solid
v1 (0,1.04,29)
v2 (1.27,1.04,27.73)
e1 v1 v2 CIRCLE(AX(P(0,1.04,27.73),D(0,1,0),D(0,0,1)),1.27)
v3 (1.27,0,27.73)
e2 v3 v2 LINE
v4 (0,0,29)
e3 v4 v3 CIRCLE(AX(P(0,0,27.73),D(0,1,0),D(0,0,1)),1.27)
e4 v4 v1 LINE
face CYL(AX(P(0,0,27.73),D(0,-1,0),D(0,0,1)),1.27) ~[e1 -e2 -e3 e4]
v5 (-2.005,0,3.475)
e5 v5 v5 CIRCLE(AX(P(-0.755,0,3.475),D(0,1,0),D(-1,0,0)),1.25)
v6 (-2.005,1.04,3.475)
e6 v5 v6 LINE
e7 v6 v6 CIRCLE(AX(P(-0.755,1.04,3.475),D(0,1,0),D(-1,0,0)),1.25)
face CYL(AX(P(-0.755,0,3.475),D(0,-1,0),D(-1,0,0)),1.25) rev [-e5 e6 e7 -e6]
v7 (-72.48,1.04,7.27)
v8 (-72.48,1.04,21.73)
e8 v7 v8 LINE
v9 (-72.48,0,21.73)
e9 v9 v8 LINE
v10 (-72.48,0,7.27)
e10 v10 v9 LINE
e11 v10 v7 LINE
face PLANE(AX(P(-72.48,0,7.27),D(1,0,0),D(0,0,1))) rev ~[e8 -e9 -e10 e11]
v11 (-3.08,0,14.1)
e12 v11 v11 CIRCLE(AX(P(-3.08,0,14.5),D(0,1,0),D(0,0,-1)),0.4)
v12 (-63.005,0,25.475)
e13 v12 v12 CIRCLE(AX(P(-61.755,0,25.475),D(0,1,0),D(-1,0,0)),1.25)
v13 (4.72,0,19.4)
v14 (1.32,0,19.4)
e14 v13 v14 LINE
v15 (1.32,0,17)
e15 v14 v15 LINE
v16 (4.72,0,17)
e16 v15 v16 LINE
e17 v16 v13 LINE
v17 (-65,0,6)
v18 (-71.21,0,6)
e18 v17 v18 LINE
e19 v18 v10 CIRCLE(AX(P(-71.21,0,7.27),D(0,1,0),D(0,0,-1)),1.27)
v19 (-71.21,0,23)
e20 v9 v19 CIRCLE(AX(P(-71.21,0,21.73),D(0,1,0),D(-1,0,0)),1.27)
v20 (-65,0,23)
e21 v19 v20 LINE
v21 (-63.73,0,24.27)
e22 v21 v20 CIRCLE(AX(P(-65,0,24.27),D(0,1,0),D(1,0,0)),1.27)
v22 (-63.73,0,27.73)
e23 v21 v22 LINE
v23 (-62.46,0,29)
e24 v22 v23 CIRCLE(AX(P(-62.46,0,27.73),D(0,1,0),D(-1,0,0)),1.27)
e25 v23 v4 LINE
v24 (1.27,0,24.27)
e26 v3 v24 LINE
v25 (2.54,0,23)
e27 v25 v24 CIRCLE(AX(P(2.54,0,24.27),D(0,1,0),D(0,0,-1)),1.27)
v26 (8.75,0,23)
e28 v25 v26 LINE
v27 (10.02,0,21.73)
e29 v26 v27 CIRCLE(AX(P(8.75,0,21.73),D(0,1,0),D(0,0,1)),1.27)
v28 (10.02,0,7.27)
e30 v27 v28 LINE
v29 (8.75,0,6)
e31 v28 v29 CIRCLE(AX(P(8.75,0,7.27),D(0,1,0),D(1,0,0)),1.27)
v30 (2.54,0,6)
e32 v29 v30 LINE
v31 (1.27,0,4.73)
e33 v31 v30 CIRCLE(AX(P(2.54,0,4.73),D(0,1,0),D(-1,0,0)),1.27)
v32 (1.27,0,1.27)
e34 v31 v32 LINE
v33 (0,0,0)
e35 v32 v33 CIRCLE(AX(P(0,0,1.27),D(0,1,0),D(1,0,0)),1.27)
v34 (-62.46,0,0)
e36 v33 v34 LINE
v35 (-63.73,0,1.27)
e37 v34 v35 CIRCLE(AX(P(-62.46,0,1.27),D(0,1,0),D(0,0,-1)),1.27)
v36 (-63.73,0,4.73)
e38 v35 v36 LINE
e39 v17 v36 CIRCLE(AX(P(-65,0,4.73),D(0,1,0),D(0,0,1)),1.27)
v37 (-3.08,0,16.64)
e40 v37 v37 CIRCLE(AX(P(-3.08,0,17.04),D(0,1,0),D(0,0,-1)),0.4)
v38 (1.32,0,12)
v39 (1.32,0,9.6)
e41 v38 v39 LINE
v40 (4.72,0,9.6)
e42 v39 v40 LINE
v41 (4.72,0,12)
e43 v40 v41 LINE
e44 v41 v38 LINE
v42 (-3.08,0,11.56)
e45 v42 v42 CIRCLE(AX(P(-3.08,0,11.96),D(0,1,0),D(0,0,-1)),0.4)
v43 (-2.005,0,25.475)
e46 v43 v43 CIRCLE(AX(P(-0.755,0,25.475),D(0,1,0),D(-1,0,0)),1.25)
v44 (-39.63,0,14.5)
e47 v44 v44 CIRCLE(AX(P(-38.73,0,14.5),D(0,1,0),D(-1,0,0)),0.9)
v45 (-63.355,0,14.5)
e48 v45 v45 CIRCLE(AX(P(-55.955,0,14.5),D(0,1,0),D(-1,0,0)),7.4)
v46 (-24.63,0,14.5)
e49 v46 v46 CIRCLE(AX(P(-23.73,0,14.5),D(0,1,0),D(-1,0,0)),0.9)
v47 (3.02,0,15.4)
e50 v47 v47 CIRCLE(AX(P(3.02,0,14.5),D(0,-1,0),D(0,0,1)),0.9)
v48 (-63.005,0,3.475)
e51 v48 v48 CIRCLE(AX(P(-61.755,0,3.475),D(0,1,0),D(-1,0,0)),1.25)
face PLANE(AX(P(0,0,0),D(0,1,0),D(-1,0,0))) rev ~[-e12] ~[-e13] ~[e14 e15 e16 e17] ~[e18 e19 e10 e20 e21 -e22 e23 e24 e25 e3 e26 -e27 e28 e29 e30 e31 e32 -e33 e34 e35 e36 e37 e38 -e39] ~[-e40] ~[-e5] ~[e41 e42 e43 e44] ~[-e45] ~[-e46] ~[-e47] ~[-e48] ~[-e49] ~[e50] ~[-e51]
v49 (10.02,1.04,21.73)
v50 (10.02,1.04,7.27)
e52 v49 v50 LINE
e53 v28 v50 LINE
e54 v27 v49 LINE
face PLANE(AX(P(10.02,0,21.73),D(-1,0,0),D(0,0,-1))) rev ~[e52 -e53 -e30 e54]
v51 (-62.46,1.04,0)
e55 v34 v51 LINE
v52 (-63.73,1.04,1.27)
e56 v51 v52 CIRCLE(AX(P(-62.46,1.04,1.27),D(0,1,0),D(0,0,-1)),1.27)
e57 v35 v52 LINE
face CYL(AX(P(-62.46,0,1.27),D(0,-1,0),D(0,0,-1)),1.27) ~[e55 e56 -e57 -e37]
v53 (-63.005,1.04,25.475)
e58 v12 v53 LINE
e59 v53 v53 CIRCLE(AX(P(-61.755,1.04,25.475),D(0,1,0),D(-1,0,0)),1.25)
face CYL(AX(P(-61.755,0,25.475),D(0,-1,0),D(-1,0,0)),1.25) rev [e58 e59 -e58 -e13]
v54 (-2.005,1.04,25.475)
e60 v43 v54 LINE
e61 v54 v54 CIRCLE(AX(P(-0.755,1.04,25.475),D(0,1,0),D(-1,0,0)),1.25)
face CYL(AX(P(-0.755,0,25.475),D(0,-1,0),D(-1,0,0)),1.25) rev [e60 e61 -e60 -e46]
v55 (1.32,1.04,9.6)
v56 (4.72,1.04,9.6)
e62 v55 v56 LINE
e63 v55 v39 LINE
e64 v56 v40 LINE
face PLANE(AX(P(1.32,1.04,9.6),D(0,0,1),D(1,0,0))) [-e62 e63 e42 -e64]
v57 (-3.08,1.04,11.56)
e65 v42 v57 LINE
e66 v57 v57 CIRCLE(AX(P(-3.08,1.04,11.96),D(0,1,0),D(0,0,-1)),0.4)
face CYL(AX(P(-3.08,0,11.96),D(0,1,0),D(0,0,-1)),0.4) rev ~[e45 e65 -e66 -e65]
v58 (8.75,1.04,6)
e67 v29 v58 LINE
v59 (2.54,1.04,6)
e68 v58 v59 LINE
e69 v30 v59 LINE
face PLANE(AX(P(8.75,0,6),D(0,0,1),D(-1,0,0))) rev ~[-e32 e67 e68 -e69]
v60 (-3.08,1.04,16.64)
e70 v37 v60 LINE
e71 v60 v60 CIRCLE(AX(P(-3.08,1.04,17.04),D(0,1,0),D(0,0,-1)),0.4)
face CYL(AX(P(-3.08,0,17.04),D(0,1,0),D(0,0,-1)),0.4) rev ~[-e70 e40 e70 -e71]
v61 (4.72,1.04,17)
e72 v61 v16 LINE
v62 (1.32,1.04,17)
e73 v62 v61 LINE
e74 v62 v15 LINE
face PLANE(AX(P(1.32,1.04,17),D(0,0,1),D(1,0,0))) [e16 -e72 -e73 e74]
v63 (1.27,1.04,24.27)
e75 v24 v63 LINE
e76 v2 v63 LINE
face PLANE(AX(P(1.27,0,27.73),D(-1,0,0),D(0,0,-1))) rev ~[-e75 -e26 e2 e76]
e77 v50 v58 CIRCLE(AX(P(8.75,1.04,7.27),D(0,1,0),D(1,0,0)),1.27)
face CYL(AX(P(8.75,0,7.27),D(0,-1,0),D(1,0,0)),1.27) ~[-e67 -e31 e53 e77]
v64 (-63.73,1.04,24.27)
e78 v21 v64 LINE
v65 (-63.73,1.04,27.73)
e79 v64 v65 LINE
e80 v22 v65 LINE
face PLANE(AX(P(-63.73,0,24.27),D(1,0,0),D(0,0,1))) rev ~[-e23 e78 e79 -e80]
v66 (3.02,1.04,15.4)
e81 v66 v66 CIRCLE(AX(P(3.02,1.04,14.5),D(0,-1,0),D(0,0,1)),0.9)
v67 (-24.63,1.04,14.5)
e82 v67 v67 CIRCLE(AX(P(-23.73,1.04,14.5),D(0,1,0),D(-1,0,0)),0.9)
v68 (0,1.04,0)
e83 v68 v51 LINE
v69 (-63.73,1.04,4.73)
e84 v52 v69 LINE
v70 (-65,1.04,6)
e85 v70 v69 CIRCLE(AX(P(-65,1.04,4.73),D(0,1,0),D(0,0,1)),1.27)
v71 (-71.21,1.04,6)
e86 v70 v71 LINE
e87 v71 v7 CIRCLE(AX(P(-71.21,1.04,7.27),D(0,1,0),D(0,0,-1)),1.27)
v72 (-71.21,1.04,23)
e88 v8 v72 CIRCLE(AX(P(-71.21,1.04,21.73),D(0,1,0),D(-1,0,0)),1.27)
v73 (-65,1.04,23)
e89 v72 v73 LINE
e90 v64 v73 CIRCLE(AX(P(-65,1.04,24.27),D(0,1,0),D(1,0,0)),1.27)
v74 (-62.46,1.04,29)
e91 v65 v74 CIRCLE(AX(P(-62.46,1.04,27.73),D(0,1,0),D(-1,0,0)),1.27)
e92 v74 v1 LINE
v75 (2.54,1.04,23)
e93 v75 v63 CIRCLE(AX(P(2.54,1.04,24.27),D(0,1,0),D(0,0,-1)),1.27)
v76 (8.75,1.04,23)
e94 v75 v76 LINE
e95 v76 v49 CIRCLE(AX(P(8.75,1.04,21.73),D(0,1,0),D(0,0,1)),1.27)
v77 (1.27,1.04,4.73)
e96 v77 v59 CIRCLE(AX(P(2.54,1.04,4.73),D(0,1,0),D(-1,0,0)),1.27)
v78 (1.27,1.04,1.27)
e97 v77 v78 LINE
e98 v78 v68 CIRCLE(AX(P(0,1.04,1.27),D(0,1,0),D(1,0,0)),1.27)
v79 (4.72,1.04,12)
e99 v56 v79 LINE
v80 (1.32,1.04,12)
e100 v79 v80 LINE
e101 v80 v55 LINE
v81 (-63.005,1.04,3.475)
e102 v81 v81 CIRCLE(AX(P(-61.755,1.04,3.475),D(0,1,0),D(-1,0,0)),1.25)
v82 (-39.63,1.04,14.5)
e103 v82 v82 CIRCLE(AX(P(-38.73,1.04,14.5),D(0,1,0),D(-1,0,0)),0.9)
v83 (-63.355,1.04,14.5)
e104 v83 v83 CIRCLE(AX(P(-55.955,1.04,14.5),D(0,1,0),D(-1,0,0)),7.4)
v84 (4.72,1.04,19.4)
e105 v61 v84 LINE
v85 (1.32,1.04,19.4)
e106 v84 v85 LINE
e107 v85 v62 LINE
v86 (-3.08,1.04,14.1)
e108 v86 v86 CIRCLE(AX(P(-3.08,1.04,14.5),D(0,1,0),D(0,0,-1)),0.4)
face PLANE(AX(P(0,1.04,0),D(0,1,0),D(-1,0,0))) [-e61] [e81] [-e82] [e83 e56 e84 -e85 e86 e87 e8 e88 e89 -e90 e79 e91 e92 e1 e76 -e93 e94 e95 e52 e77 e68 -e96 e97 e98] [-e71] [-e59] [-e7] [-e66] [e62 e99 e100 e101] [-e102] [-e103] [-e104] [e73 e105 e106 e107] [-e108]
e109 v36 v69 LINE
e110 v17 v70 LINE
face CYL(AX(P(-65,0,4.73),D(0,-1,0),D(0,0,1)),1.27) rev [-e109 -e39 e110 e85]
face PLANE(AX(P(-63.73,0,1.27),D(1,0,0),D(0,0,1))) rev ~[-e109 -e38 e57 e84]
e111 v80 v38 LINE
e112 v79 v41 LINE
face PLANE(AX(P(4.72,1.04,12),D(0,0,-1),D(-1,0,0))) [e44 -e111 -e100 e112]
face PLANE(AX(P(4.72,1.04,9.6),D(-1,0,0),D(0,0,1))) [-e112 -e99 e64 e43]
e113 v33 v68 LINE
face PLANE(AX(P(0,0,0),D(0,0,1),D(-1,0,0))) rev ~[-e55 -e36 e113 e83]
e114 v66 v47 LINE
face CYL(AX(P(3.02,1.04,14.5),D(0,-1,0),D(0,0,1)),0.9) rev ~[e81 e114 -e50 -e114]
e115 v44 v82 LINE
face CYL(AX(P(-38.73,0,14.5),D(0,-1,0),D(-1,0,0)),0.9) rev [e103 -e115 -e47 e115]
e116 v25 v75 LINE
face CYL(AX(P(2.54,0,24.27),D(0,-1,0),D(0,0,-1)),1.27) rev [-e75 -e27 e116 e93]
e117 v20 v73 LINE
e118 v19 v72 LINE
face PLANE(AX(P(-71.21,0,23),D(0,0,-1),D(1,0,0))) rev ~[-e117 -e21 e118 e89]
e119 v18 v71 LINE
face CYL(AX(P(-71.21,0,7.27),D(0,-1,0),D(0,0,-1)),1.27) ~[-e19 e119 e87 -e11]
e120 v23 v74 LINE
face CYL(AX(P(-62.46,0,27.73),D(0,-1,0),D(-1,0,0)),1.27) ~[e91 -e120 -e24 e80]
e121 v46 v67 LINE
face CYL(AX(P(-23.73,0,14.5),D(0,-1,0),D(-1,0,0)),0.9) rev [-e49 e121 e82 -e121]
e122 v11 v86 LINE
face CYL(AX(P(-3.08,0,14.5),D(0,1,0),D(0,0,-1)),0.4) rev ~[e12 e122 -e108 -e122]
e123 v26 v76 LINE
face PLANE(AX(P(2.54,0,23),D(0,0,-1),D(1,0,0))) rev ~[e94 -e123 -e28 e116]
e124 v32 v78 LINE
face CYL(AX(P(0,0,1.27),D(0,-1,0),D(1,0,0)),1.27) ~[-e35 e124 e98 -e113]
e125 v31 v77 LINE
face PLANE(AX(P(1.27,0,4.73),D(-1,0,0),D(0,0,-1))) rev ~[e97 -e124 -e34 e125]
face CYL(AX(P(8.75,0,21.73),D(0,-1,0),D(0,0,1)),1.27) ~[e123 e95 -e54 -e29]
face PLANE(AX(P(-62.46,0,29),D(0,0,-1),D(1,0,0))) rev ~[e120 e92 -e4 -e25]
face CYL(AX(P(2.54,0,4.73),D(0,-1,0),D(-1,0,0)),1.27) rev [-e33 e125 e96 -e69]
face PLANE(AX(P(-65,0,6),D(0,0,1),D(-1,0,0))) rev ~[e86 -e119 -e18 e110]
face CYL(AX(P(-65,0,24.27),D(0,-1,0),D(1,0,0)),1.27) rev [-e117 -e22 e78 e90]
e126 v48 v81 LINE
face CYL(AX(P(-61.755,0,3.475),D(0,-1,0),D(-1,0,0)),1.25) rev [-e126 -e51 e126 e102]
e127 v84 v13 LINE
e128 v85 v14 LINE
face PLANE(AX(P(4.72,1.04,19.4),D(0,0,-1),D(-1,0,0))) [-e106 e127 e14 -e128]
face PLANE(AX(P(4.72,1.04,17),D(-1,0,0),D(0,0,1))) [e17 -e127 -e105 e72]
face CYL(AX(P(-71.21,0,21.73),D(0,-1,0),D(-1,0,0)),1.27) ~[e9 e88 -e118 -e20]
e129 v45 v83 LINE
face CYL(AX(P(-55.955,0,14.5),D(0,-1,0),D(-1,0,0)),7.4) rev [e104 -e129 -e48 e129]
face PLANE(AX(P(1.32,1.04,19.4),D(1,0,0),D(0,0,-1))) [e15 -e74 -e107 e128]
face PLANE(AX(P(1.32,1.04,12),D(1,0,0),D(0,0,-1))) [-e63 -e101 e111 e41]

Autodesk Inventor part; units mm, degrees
ref_plane "YZ Plane" through (0, 0, 0) normal (1, 0, 0) x (0, 1, 0)
ref_plane "XZ Plane" through (0, 0, 0) normal (0, 1, 0) x (-1, 0, 0)
ref_plane "XY Plane" through (0, 0, 0) normal (0, 0, 1) x (1, 0, 0)
sketch "Boceto1" plane through (0, 0, 0) normal (0, 1, 0) x (-1, 0, 0)
  arc A0 (-10.02, 7.27) -> (-8.75, 6) centre (-8.75, 7.27) ccw
  line L0 (-8.75, 6) -> (-2.54, 6)
  arc A1 (-1.27, 4.73) -> (-2.54, 6) centre (-2.54, 4.73) ccw
  line L1 (-1.27, 4.73) -> (-1.27, 1.27)
  arc A2 (-1.27, 1.27) -> (0, 0) centre (0, 1.27) ccw
  line L2 (0, 0) -> (62.46, 0)
  arc A3 (62.46, 0) -> (63.73, 1.27) centre (62.46, 1.27) ccw
  line L3 (63.73, 1.27) -> (63.73, 4.73)
  arc A4 (65, 6) -> (63.73, 4.73) centre (65, 4.73) ccw
  line L4 (65, 6) -> (71.21, 6)
  arc A5 (71.21, 6) -> (72.48, 7.27) centre (71.21, 7.27) ccw
  line L5 (72.48, 7.27) -> (72.48, 21.73)
  arc A6 (72.48, 21.73) -> (71.21, 23) centre (71.21, 21.73) ccw
  line L6 (71.21, 23) -> (65, 23)
  arc A7 (63.73, 24.27) -> (65, 23) centre (65, 24.27) ccw
  line L7 (63.73, 24.27) -> (63.73, 27.73)
  arc A8 (63.73, 27.73) -> (62.46, 29) centre (62.46, 27.73) ccw
  line L8 (62.46, 29) -> (0, 29)
  arc A9 (0, 29) -> (-1.27, 27.73) centre (0, 27.73) ccw
  line L9 (-1.27, 27.73) -> (-1.27, 24.27)
  arc A10 (-2.54, 23) -> (-1.27, 24.27) centre (-2.54, 24.27) ccw
  line L10 (-2.54, 23) -> (-8.75, 23)
  arc A11 (-8.75, 23) -> (-10.02, 21.73) centre (-8.75, 21.73) ccw
  line L11 (-10.02, 21.73) -> (-10.02, 7.27)
  circle A12 centre (55.955, 14.5) radius 7.4
  circle A13 centre (61.755, 25.475) radius 1.25
  circle A14 centre (0.755, 3.475) radius 1.25
  circle A15 centre (0.755, 25.475) radius 1.25
  circle A16 centre (61.755, 3.475) radius 1.25
  circle A17 centre (38.73, 14.5) radius 0.9
  circle A18 centre (23.73, 14.5) radius 0.9
  point P0 (0, 0)
extrude "Extrusión1" add sketch "Boceto1" along normal blind 1.04
sketch "Boceto2" plane through (0, 1.04, 0) normal (0, 1, 0) x (1, 0, 0)
  circle A0 centre (3.02, -14.5) radius 0.9
  line L0 (-71.21, -23) -> (-65, -23) projected
  line L1 (-72.48, -7.27) -> (-72.48, -21.73) projected
  line L2 (2.54, -23) -> (8.75, -23) projected
  line L3 (10.02, -21.73) -> (10.02, -7.27) projected
  point P0 (0, 0)
  dimension "d3" = 1.8
  dimension "d6" = 8.5
  dimension "d7" = 7
hole "Agujero1" at (3.02, 1.04, 14.5) direction (0, -1, 0) diameter 1.8 end through all
sketch "Boceto3" plane through (0, 0, 0) normal (0, -1, 0) x (1, 0, 0)
  circle A0 centre (-3.08, 17.04) radius 0.4
  line L0 (10.02, 21.73) -> (10.02, 7.27) projected
  line L1 (-62.46, 29) -> (0, 29) projected
  circle A1 centre (-3.08, 14.5) radius 0.4
  circle A2 centre (-3.08, 11.96) radius 0.4
  line L2 (0, 0) -> (-62.46, 0) projected
  dimension "d15" = 0.8
  dimension "d16" = 13.1
  dimension "d17" = 11.96
  dimension "d18" = 0.8
  dimension "d19" = 0.8
  dimension "d20" = 13.1
  dimension "d21" = 13.1
  dimension "d22" = 11.96
  dimension "d23" = 2.54
  dimension "d24" = 2.54
hole "Agujero2" at (-3.08, 0, 17.04) at (-3.08, 0, 14.5) at (-3.08, 0, 11.96) direction (0, 1, 0) diameter 0.8 end through all
sketch "Boceto4" plane through (0, 1.04, 0) normal (0, 1, 0) x (1, 0, 0)
  line L0 (4.72, -19.4) -> (1.32, -19.4)
  line L1 (1.32, -19.4) -> (1.32, -17)
  line L2 (1.32, -17) -> (4.72, -17)
  line L3 (4.72, -17) -> (4.72, -19.4)
  line L4 (2.54, -23) -> (8.75, -23) projected
  line L5 (10.02, -21.73) -> (10.02, -7.27) projected
  line L6 (4.72, -12) -> (1.32, -12)
  line L7 (1.32, -12) -> (1.32, -9.6)
  line L8 (1.32, -9.6) -> (4.72, -9.6)
  line L9 (4.72, -9.6) -> (4.72, -12)
  line L10 (8.75, -6) -> (2.54, -6) projected
  point P0 (0, 0)
  dimension "d32" = 3.4
  dimension "d33" = 2.4
  dimension "d34" = 3.6
  dimension "d35" = 5.3
  dimension "d36" = 2.4
  dimension "d37" = 5.3
  dimension "d38" = 3.6
extrude "Extrusión2" cut sketch "Boceto4" against normal through all
properties part number "Interstage B2"
